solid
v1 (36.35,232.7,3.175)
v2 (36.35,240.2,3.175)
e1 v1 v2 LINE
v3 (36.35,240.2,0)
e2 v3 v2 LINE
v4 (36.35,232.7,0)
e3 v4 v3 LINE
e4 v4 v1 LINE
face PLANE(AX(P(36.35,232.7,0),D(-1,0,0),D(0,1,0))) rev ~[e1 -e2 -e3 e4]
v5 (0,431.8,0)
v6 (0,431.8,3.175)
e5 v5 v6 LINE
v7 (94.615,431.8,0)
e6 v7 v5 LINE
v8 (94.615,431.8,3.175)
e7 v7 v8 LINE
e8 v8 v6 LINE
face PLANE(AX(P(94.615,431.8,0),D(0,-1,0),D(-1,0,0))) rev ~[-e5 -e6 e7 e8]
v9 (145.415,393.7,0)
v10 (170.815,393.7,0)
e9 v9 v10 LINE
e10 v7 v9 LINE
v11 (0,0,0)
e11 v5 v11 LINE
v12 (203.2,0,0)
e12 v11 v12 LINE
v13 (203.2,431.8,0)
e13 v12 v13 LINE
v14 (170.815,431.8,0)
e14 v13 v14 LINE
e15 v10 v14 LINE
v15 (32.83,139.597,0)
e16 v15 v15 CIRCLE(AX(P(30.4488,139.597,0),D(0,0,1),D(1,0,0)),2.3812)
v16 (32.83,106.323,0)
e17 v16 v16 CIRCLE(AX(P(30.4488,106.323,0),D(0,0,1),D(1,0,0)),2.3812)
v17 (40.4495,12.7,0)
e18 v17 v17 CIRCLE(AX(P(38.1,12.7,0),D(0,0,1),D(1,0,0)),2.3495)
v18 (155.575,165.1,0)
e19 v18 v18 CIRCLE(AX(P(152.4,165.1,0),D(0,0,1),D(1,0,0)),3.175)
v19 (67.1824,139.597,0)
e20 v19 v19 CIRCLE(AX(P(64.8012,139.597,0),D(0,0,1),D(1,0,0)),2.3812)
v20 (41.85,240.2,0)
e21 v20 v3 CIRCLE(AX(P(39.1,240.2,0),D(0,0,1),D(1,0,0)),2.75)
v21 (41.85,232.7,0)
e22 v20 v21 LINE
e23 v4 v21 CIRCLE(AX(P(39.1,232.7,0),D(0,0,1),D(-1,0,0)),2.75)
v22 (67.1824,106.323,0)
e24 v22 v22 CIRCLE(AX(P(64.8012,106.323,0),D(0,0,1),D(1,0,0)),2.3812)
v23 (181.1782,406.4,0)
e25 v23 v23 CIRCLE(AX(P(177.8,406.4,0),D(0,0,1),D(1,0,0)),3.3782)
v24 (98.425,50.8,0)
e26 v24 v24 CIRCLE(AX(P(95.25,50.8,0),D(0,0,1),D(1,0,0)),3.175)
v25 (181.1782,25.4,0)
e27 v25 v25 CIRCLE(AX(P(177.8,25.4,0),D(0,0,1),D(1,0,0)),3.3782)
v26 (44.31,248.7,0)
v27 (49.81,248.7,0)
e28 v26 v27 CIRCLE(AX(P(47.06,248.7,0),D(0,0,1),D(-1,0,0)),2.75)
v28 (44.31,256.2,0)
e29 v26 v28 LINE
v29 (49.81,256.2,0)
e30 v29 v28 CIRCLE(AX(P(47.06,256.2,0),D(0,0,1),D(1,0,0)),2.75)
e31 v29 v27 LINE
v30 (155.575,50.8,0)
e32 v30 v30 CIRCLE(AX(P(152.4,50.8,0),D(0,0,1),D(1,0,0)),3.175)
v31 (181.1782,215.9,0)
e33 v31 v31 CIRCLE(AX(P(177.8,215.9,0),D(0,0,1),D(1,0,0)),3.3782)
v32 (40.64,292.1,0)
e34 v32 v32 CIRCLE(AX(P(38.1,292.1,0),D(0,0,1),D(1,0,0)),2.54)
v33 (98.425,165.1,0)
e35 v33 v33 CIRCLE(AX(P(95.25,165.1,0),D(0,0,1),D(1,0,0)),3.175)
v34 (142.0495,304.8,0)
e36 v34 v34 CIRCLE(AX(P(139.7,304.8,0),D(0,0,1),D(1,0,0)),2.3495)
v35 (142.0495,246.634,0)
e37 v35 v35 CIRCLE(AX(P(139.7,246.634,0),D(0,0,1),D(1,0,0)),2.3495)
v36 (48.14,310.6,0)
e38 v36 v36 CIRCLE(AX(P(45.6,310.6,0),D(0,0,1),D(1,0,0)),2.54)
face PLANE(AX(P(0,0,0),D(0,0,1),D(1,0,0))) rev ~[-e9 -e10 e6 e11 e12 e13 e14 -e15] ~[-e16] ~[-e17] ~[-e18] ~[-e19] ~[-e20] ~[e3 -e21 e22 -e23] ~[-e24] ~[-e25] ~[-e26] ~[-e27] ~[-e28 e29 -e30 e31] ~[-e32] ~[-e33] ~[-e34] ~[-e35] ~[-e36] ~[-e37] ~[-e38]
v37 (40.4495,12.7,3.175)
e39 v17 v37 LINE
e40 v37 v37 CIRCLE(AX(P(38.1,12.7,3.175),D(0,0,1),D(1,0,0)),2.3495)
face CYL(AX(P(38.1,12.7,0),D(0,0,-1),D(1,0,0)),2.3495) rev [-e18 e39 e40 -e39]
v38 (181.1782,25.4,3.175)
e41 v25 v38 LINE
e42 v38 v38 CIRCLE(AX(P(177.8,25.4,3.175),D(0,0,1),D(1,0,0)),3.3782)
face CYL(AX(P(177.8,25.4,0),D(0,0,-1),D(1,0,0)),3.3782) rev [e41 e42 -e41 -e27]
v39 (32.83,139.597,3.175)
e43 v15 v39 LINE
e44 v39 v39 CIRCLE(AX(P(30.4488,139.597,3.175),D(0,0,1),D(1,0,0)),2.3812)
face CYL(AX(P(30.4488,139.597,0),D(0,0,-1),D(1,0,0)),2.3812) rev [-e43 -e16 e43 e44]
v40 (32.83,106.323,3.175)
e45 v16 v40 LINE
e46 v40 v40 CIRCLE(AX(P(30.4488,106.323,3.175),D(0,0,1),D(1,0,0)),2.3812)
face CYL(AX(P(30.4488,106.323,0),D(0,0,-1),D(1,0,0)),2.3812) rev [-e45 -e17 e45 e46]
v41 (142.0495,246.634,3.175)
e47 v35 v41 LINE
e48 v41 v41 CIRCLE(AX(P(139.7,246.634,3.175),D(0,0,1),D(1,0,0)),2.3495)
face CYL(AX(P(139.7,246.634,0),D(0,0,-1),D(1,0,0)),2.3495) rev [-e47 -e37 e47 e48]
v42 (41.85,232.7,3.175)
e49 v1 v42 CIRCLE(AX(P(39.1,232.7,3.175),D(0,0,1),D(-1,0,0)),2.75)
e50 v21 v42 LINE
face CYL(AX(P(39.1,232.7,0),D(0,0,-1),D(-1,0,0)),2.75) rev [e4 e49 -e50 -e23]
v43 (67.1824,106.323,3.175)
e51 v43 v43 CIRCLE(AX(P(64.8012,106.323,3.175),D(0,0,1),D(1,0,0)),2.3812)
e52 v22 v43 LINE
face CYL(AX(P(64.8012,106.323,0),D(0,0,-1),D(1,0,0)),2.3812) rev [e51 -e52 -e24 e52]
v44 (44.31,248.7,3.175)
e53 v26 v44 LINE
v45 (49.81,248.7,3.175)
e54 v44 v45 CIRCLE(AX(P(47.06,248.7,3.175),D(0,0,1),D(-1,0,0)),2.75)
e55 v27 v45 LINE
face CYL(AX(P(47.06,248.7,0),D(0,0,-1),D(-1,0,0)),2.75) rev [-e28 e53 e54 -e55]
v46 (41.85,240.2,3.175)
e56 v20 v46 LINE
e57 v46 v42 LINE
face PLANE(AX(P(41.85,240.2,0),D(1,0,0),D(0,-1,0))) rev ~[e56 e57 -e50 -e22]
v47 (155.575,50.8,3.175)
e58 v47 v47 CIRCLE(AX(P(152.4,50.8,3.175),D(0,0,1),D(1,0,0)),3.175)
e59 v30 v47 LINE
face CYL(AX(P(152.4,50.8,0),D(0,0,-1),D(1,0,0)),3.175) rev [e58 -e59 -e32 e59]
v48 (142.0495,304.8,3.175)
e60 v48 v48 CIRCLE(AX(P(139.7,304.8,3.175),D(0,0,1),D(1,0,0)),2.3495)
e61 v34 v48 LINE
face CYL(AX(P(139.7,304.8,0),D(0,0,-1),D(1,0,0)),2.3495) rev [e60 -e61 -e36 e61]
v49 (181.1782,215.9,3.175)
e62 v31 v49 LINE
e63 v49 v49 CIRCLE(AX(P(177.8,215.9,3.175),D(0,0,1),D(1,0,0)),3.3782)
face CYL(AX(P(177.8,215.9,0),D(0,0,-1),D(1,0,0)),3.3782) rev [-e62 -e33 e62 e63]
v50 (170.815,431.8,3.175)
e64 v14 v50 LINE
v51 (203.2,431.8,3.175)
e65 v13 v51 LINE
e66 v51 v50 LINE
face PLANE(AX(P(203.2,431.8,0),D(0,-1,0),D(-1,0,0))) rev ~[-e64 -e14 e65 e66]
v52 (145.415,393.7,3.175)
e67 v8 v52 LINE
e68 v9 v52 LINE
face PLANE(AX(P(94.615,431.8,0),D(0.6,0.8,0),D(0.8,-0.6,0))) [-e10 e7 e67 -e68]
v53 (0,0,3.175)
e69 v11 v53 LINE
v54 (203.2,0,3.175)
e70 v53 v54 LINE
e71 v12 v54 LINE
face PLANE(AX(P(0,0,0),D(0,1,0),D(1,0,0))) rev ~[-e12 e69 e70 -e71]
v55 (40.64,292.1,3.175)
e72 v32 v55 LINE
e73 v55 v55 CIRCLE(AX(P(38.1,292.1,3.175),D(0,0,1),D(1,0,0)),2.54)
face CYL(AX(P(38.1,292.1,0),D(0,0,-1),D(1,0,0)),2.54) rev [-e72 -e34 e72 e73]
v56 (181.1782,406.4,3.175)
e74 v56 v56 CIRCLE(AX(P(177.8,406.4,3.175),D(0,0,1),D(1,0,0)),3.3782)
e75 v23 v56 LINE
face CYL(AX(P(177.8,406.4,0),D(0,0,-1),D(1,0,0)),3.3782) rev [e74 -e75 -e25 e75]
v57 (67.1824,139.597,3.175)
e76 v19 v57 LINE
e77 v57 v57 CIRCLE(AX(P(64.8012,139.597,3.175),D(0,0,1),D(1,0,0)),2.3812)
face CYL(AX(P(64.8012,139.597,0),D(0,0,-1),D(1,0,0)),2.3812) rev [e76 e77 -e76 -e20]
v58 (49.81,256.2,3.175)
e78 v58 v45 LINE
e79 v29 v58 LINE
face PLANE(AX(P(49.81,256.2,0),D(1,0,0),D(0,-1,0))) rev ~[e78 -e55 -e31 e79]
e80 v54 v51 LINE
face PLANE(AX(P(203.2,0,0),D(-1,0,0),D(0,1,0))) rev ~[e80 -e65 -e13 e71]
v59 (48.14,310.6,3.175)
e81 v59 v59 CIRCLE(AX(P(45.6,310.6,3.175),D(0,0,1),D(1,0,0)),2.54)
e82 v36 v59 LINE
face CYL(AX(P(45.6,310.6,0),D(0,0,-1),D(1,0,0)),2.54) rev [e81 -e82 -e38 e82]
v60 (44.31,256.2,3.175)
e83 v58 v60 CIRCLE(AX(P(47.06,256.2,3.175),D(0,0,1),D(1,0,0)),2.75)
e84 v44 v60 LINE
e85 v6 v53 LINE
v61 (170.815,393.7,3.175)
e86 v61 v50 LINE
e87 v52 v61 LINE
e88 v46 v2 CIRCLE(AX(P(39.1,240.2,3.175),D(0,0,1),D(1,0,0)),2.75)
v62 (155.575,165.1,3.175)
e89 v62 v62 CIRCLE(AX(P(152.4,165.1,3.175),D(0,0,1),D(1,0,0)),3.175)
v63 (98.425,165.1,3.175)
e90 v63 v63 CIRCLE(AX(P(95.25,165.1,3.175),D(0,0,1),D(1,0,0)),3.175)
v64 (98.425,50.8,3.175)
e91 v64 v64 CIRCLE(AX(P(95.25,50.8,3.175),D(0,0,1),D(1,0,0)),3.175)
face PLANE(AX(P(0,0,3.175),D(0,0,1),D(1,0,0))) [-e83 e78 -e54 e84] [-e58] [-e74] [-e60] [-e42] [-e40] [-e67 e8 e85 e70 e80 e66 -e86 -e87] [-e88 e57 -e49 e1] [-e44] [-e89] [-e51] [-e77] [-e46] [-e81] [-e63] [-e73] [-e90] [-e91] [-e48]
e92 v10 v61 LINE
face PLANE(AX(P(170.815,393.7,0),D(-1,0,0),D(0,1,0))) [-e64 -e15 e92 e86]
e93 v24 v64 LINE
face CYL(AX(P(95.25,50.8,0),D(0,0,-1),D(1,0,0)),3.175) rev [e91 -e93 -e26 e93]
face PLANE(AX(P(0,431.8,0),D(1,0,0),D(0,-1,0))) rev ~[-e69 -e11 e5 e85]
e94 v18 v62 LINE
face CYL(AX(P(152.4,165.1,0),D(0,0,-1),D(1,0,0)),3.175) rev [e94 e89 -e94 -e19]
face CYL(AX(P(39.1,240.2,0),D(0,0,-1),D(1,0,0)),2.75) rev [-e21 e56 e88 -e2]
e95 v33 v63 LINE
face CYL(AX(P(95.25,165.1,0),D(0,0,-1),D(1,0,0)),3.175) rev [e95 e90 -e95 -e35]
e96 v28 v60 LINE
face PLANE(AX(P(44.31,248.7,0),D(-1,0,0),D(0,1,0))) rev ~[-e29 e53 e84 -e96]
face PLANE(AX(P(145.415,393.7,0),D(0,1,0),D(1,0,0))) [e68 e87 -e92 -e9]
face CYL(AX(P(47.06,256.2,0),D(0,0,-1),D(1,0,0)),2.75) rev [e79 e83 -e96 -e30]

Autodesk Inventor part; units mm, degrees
ref_plane "YZ Plane" through (0, 0, 0) normal (1, 0, 0) x (0, 1, 0)
ref_plane "XZ Plane" through (0, 0, 0) normal (0, 1, 0) x (-1, 0, 0)
ref_plane "XY Plane" through (0, 0, 0) normal (0, 0, 1) x (1, 0, 0)
sketch "Sketch1" plane through (0, 0, 0) normal (0, 0, 1) x (1, 0, 0)
  line L0 (0, 0) -> (203.2, 0)
  line L1 (203.2, 0) -> (203.2, 431.8)
  line L2 (203.2, 431.8) -> (170.815, 431.8)
  line L3 (0, 431.8) -> (0, 0)
  circle A0 centre (177.8, 406.4) radius 3.3782
  circle A1 centre (177.8, 215.9) radius 3.3782
  circle A2 centre (177.8, 25.4) radius 3.3782
  line L4 (203.2, 215.9) -> (0, 215.9) construction
  line L5 (94.615, 431.8) -> (145.415, 393.7)
  line L6 (145.415, 393.7) -> (170.815, 393.7)
  line L7 (170.815, 393.7) -> (170.815, 431.8)
  line L8 (94.615, 431.8) -> (0, 431.8)
  line L9 (170.815, 431.8) -> (94.615, 431.8)
  circle A3 centre (139.7, 304.8) radius 2.3495
  line L10 (139.7, 304.8) -> (139.7, 246.634) construction
  circle A4 centre (139.7, 246.634) radius 2.3495
  circle A5 centre (45.6, 310.6) radius 2.54
  circle A6 centre (38.1, 292.1) radius 2.54
  line L11 (45.6, 310.6) -> (38.1, 310.6) construction
  line L12 (38.1, 310.6) -> (38.1, 292.1) construction
  line L13 (38.1, 292.1) -> (45.6, 292.1) construction
  line L14 (45.6, 292.1) -> (45.6, 310.6) construction
  circle A7 centre (38.1, 12.7) radius 2.3495
  line L15 (71.1544, 389.1684) -> (109.2544, 389.1684) construction
  line L16 (109.2544, 389.1684) -> (109.2544, 370.1184) construction
  line L17 (109.2544, 370.1184) -> (71.1544, 370.1184) construction
  line L18 (71.1544, 370.1184) -> (71.1544, 389.1684) construction
  line L19 (95.25, 165.1) -> (152.4, 165.1) construction
  line L20 (152.4, 165.1) -> (152.4, 50.8) construction
  line L21 (152.4, 50.8) -> (95.25, 50.8) construction
  line L22 (95.25, 50.8) -> (95.25, 165.1) construction
  circle A8 centre (95.25, 165.1) radius 3.175
  circle A9 centre (152.4, 165.1) radius 3.175
  circle A10 centre (152.4, 50.8) radius 3.175
  circle A11 centre (95.25, 50.8) radius 3.175
  line L23 (30.6, 229.55) -> (30.6, 259.55) projected
  arc A12 (30.6, 229.55) -> (34.6, 225.55) centre (34.6, 229.55) ccw projected
  line L24 (52.6, 225.55) -> (34.6, 225.55) projected
  line L25 (52.6, 225.55) -> (52.6, 263.55) projected
  line L26 (34.6, 263.55) -> (52.6, 263.55) projected
  arc A13 (34.6, 263.55) -> (30.6, 259.55) centre (34.6, 259.55) ccw projected
  arc A14 (49.81, 256.2) -> (44.31, 256.2) centre (47.06, 256.2) ccw projected
  line L27 (49.81, 256.2) -> (49.81, 248.7) projected
  arc A15 (44.31, 248.7) -> (49.81, 248.7) centre (47.06, 248.7) ccw projected
  line L28 (44.31, 248.7) -> (44.31, 256.2) projected
  arc A16 (41.85, 240.2) -> (36.35, 240.2) centre (39.1, 240.2) ccw projected
  line L29 (41.85, 240.2) -> (41.85, 232.7) projected
  arc A17 (36.35, 232.7) -> (41.85, 232.7) centre (39.1, 232.7) ccw projected
  line L30 (36.35, 232.7) -> (36.35, 240.2) projected
  circle A18 centre (30.4488, 139.597) radius 2.3812 projected
  circle A19 centre (64.8012, 139.597) radius 2.3812 projected
  circle A20 centre (30.4488, 106.323) radius 2.3812 projected
  circle A21 centre (64.8012, 106.323) radius 2.3812 projected
  dimension "d0" = 6.7564
  dimension "d3" = 190.5
  dimension "d8" = 25.4
  dimension "d9" = 431.8
  dimension "d10" = 203.2
  dimension "d14" = 38.1
  dimension "d15" = 76.2
  dimension "d16" = 25.4
  dimension "d17" = 4.699
  dimension "d18" = 58.166
  dimension "d19" = 63.5
  dimension "d20" = 127
  dimension "d26" = 5.08
  dimension "d27" = 18.5
  dimension "d28" = 7.5
  dimension "d29" = 38.1
  dimension "d30" = 76.2
  dimension "d31" = 4.699
  dimension "d32" = 38.1
  dimension "d33" = 12.7
  dimension "d34" = 32.385
  dimension "d35" = 19.05
  dimension "d36" = 38.1
  dimension "d37" = 57.15
  dimension "d38" = 6.35
  dimension "d39" = 114.3
  dimension "d40" = 50.8
  dimension "d41" = 50.8
extrude "Extrusion1" add sketch "Sketch1" along normal blind 3.175 contours L3 L8 L5 L6 L7 L2 L1 L0 | L23 A13 L26 L25 L24 A12
properties part number "Electrical Board 2" material "Polycarbonate, Clear"
